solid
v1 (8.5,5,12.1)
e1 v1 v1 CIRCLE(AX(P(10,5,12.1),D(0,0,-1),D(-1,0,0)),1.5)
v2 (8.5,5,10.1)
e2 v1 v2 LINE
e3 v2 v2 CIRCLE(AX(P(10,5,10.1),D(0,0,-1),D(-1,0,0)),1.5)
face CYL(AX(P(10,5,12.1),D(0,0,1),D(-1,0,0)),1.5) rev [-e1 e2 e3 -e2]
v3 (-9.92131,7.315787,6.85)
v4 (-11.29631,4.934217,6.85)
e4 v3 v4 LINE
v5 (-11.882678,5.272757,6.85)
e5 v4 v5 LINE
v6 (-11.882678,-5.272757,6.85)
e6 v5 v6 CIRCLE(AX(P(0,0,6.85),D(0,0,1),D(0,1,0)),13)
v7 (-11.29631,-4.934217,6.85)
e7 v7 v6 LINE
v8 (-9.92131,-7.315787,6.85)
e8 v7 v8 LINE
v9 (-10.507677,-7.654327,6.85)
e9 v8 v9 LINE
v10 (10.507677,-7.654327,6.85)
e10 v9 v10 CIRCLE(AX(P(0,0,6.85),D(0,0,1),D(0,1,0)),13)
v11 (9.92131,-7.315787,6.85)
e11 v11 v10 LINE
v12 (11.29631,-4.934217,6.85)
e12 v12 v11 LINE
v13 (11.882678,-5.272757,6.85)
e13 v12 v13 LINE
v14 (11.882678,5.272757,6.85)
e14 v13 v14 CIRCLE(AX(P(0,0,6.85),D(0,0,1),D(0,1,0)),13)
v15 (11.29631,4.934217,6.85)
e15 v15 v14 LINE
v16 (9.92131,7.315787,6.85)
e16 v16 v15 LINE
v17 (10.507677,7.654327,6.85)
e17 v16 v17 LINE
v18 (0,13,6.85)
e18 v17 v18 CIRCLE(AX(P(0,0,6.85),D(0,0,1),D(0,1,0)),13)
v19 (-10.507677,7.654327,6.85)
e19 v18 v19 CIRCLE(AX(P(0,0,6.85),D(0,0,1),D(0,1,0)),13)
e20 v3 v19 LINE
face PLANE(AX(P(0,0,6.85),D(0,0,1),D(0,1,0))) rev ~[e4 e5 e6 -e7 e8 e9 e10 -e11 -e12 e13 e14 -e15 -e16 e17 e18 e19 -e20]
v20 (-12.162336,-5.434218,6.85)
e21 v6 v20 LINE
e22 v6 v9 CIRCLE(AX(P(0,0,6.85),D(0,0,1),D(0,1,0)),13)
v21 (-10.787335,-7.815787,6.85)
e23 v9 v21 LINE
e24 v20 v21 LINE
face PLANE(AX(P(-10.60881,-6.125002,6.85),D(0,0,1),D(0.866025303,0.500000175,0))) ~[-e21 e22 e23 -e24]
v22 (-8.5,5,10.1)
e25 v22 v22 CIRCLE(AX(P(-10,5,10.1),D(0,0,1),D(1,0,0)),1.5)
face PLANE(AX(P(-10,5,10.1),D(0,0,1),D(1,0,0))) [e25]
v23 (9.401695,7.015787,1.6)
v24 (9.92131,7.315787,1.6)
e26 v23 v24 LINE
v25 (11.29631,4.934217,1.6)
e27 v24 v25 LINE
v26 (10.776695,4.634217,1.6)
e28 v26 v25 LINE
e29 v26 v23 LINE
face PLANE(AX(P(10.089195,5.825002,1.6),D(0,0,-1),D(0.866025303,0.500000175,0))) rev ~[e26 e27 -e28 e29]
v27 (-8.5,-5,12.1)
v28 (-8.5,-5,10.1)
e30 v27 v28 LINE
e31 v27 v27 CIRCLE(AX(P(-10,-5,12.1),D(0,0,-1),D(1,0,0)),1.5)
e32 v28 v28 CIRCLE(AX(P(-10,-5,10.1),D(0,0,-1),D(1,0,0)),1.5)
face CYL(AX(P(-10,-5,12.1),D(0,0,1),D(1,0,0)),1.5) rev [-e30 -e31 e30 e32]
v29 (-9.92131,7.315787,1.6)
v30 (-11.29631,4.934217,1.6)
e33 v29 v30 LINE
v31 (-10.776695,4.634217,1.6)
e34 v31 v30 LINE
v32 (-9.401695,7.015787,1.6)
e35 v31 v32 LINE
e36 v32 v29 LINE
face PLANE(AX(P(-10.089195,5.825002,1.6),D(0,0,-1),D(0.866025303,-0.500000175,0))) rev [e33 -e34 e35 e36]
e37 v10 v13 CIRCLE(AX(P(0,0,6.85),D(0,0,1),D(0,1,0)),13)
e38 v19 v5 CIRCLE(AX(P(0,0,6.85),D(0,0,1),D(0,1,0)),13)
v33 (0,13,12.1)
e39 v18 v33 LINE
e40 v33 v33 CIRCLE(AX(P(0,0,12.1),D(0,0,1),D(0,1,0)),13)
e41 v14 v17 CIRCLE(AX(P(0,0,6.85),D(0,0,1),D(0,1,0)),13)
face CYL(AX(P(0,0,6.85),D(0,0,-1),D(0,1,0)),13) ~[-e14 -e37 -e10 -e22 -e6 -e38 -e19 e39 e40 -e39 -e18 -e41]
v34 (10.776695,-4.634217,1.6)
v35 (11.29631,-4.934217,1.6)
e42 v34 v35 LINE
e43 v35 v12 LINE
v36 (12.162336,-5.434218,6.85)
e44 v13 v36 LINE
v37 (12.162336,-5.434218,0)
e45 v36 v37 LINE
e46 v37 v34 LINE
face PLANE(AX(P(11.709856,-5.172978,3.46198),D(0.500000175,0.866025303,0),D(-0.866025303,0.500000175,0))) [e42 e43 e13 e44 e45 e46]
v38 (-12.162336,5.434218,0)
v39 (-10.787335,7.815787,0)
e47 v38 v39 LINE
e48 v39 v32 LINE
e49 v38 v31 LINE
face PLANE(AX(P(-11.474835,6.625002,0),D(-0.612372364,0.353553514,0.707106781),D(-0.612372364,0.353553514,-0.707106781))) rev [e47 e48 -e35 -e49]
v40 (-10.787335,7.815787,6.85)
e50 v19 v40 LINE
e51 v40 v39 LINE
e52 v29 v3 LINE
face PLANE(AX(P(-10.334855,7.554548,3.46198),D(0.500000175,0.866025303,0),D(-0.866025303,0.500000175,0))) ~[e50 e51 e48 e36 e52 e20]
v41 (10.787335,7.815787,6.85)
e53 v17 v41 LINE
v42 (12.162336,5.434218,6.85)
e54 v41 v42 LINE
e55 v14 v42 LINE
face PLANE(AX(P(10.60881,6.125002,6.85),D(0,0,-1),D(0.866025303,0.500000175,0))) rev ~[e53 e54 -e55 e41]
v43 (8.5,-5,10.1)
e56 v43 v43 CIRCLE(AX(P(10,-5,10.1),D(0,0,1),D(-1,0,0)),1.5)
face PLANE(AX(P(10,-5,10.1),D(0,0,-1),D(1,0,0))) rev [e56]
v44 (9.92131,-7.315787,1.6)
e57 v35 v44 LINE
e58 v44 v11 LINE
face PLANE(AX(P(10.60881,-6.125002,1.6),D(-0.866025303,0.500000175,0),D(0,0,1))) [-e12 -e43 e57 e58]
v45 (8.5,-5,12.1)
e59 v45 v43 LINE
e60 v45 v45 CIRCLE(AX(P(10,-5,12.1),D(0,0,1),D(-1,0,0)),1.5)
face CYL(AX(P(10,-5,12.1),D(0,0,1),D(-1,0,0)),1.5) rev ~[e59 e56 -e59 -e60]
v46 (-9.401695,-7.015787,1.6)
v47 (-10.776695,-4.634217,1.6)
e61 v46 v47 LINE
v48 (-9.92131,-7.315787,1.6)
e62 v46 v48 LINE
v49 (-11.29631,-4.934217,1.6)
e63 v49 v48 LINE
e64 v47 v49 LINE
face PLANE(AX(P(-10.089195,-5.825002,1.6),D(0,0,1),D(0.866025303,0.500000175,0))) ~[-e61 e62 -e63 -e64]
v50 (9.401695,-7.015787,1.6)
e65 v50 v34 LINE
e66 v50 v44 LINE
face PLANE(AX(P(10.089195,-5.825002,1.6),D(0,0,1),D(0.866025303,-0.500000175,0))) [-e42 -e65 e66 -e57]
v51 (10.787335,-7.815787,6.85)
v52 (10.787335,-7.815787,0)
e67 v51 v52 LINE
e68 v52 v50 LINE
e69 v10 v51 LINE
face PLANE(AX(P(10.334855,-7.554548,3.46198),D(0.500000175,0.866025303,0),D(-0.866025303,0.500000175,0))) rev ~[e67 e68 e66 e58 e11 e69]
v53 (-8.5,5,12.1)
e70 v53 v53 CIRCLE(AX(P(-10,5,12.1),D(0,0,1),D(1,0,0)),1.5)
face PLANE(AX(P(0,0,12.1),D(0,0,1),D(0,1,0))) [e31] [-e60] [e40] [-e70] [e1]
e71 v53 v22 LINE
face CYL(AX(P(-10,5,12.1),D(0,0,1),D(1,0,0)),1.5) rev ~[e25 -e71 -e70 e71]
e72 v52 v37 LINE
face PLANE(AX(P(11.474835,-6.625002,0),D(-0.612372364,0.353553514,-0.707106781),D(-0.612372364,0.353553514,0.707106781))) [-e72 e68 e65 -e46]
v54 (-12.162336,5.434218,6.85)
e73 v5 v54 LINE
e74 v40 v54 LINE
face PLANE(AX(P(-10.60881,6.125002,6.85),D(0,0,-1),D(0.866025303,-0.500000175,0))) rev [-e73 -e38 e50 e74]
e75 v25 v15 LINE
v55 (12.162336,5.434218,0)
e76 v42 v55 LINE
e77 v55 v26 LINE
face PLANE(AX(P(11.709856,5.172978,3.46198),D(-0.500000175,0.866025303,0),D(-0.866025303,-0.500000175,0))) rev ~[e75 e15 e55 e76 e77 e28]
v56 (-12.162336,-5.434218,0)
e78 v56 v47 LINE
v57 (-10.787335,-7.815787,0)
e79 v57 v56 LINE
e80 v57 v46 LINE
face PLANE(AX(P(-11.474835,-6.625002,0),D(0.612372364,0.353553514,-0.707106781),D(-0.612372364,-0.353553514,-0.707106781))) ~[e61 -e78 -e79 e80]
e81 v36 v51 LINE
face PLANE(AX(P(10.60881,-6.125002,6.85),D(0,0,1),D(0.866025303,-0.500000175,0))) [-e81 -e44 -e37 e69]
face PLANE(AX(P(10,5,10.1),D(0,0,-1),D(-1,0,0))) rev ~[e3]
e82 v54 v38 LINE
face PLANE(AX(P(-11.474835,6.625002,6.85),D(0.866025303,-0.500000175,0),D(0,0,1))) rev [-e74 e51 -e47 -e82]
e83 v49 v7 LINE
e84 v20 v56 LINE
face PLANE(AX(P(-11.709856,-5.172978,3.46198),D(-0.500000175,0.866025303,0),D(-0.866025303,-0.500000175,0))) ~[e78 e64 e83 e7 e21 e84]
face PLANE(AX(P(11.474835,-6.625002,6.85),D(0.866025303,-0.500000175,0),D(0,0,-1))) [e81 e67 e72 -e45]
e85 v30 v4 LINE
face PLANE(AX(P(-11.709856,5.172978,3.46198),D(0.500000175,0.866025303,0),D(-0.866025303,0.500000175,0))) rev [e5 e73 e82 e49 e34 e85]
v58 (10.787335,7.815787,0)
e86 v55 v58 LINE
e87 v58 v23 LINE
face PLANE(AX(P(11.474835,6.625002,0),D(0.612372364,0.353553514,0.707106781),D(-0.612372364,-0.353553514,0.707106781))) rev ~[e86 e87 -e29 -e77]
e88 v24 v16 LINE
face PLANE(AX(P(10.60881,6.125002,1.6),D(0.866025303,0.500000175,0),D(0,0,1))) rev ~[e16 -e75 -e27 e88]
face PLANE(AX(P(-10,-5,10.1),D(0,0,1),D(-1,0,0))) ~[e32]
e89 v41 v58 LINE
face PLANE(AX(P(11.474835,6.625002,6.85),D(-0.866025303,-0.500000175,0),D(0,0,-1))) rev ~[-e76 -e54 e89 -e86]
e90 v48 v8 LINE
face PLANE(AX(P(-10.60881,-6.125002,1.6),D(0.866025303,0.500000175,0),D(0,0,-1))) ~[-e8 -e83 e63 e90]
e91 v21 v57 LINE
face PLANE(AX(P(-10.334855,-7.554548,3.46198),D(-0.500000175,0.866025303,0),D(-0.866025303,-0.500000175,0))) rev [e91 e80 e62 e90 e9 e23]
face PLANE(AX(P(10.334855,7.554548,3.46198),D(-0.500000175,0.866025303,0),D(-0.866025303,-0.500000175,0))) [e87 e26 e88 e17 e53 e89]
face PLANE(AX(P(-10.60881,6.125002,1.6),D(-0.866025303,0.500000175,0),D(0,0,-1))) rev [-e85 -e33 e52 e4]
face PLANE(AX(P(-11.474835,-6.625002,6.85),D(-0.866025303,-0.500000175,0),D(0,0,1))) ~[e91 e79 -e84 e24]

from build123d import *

# Parameters (mm, degrees)
SKETCH002_R                = 13
PAD001_DEPTH               = 5.25
SKETCH012_R                = 1.5
POCKET003_DEPTH            = 2
SKETCH012_MIRRORED_2_R     = 1.5
POCKET003_MIRRORED_2_DEPTH = 2
PAD007_DEPTH               = 1.375
PAD007_MIRRORED002_2_DEPTH = 1.375


with BuildPart() as part:
    # Sketch002 → Pad001 (new body)
    with BuildSketch(Plane(origin=(0, 0, 6.85), x_dir=(0, 1, 0), z_dir=(0, 0, 1))):
        Circle(SKETCH002_R)
    extrude(amount=PAD001_DEPTH)

    # Sketch012 (on Face3 of Pad001) → Pocket003 (cut)
    with BuildSketch(Plane(origin=(-10, 5, 12.1), x_dir=(1, 0, 0), z_dir=(0, 0, 1))):
        Circle(SKETCH012_R)
    pocket003 = extrude(amount=-POCKET003_DEPTH, mode=Mode.SUBTRACT)

    # Sketch012 Mirrored 2 → Pocket003 Mirrored 2 (cut)
    with BuildSketch(Plane(origin=(10, 5, 12.1), x_dir=(-1, 0, 0), z_dir=(0, 0, -1))):
        Circle(SKETCH012_MIRRORED_2_R)
    pocket003_mirrored_2 = extrude(amount=POCKET003_MIRRORED_2_DEPTH, mode=Mode.SUBTRACT)

    # Mirrored001: Pocket003, Pocket003 Mirrored 2 across XZ
    add(pocket003.mirror(Plane.XZ), mode=Mode.SUBTRACT)
    add(pocket003_mirrored_2.mirror(Plane.XZ), mode=Mode.SUBTRACT)

    # Sketch013 → Pad007 (join, symmetric)
    with BuildSketch(Plane(origin=(0, 0, 0), x_dir=(0.866025, 0.5, 0), z_dir=(0.5, -0.866025, 0))):
        Polygon((13.25, 6.85), (13.25, 0), (11.65, 1.6), (12.25, 1.6), (12.25, 6.85), align=None)
    pad007 = extrude(amount=PAD007_DEPTH, both=True)

    # Sketch013 Mirrored002 2 → Pad007 Mirrored002 2 (add, symmetric)
    with BuildSketch(Plane(origin=(0, 0, 0), x_dir=(0.866025, -0.5, 0), z_dir=(-0.5, -0.866025, 0))):
        Polygon((13.25, 6.85), (13.25, 0), (11.65, 1.6), (12.25, 1.6), (12.25, 6.85), align=None)
    pad007_mirrored002_2 = extrude(amount=-PAD007_MIRRORED002_2_DEPTH, both=True)

    # Mirrored003: Pad007, Pad007 Mirrored002 2 across YZ
    add(pad007.mirror(Plane.YZ))
    add(pad007_mirrored002_2.mirror(Plane.YZ))


solid = part.part
